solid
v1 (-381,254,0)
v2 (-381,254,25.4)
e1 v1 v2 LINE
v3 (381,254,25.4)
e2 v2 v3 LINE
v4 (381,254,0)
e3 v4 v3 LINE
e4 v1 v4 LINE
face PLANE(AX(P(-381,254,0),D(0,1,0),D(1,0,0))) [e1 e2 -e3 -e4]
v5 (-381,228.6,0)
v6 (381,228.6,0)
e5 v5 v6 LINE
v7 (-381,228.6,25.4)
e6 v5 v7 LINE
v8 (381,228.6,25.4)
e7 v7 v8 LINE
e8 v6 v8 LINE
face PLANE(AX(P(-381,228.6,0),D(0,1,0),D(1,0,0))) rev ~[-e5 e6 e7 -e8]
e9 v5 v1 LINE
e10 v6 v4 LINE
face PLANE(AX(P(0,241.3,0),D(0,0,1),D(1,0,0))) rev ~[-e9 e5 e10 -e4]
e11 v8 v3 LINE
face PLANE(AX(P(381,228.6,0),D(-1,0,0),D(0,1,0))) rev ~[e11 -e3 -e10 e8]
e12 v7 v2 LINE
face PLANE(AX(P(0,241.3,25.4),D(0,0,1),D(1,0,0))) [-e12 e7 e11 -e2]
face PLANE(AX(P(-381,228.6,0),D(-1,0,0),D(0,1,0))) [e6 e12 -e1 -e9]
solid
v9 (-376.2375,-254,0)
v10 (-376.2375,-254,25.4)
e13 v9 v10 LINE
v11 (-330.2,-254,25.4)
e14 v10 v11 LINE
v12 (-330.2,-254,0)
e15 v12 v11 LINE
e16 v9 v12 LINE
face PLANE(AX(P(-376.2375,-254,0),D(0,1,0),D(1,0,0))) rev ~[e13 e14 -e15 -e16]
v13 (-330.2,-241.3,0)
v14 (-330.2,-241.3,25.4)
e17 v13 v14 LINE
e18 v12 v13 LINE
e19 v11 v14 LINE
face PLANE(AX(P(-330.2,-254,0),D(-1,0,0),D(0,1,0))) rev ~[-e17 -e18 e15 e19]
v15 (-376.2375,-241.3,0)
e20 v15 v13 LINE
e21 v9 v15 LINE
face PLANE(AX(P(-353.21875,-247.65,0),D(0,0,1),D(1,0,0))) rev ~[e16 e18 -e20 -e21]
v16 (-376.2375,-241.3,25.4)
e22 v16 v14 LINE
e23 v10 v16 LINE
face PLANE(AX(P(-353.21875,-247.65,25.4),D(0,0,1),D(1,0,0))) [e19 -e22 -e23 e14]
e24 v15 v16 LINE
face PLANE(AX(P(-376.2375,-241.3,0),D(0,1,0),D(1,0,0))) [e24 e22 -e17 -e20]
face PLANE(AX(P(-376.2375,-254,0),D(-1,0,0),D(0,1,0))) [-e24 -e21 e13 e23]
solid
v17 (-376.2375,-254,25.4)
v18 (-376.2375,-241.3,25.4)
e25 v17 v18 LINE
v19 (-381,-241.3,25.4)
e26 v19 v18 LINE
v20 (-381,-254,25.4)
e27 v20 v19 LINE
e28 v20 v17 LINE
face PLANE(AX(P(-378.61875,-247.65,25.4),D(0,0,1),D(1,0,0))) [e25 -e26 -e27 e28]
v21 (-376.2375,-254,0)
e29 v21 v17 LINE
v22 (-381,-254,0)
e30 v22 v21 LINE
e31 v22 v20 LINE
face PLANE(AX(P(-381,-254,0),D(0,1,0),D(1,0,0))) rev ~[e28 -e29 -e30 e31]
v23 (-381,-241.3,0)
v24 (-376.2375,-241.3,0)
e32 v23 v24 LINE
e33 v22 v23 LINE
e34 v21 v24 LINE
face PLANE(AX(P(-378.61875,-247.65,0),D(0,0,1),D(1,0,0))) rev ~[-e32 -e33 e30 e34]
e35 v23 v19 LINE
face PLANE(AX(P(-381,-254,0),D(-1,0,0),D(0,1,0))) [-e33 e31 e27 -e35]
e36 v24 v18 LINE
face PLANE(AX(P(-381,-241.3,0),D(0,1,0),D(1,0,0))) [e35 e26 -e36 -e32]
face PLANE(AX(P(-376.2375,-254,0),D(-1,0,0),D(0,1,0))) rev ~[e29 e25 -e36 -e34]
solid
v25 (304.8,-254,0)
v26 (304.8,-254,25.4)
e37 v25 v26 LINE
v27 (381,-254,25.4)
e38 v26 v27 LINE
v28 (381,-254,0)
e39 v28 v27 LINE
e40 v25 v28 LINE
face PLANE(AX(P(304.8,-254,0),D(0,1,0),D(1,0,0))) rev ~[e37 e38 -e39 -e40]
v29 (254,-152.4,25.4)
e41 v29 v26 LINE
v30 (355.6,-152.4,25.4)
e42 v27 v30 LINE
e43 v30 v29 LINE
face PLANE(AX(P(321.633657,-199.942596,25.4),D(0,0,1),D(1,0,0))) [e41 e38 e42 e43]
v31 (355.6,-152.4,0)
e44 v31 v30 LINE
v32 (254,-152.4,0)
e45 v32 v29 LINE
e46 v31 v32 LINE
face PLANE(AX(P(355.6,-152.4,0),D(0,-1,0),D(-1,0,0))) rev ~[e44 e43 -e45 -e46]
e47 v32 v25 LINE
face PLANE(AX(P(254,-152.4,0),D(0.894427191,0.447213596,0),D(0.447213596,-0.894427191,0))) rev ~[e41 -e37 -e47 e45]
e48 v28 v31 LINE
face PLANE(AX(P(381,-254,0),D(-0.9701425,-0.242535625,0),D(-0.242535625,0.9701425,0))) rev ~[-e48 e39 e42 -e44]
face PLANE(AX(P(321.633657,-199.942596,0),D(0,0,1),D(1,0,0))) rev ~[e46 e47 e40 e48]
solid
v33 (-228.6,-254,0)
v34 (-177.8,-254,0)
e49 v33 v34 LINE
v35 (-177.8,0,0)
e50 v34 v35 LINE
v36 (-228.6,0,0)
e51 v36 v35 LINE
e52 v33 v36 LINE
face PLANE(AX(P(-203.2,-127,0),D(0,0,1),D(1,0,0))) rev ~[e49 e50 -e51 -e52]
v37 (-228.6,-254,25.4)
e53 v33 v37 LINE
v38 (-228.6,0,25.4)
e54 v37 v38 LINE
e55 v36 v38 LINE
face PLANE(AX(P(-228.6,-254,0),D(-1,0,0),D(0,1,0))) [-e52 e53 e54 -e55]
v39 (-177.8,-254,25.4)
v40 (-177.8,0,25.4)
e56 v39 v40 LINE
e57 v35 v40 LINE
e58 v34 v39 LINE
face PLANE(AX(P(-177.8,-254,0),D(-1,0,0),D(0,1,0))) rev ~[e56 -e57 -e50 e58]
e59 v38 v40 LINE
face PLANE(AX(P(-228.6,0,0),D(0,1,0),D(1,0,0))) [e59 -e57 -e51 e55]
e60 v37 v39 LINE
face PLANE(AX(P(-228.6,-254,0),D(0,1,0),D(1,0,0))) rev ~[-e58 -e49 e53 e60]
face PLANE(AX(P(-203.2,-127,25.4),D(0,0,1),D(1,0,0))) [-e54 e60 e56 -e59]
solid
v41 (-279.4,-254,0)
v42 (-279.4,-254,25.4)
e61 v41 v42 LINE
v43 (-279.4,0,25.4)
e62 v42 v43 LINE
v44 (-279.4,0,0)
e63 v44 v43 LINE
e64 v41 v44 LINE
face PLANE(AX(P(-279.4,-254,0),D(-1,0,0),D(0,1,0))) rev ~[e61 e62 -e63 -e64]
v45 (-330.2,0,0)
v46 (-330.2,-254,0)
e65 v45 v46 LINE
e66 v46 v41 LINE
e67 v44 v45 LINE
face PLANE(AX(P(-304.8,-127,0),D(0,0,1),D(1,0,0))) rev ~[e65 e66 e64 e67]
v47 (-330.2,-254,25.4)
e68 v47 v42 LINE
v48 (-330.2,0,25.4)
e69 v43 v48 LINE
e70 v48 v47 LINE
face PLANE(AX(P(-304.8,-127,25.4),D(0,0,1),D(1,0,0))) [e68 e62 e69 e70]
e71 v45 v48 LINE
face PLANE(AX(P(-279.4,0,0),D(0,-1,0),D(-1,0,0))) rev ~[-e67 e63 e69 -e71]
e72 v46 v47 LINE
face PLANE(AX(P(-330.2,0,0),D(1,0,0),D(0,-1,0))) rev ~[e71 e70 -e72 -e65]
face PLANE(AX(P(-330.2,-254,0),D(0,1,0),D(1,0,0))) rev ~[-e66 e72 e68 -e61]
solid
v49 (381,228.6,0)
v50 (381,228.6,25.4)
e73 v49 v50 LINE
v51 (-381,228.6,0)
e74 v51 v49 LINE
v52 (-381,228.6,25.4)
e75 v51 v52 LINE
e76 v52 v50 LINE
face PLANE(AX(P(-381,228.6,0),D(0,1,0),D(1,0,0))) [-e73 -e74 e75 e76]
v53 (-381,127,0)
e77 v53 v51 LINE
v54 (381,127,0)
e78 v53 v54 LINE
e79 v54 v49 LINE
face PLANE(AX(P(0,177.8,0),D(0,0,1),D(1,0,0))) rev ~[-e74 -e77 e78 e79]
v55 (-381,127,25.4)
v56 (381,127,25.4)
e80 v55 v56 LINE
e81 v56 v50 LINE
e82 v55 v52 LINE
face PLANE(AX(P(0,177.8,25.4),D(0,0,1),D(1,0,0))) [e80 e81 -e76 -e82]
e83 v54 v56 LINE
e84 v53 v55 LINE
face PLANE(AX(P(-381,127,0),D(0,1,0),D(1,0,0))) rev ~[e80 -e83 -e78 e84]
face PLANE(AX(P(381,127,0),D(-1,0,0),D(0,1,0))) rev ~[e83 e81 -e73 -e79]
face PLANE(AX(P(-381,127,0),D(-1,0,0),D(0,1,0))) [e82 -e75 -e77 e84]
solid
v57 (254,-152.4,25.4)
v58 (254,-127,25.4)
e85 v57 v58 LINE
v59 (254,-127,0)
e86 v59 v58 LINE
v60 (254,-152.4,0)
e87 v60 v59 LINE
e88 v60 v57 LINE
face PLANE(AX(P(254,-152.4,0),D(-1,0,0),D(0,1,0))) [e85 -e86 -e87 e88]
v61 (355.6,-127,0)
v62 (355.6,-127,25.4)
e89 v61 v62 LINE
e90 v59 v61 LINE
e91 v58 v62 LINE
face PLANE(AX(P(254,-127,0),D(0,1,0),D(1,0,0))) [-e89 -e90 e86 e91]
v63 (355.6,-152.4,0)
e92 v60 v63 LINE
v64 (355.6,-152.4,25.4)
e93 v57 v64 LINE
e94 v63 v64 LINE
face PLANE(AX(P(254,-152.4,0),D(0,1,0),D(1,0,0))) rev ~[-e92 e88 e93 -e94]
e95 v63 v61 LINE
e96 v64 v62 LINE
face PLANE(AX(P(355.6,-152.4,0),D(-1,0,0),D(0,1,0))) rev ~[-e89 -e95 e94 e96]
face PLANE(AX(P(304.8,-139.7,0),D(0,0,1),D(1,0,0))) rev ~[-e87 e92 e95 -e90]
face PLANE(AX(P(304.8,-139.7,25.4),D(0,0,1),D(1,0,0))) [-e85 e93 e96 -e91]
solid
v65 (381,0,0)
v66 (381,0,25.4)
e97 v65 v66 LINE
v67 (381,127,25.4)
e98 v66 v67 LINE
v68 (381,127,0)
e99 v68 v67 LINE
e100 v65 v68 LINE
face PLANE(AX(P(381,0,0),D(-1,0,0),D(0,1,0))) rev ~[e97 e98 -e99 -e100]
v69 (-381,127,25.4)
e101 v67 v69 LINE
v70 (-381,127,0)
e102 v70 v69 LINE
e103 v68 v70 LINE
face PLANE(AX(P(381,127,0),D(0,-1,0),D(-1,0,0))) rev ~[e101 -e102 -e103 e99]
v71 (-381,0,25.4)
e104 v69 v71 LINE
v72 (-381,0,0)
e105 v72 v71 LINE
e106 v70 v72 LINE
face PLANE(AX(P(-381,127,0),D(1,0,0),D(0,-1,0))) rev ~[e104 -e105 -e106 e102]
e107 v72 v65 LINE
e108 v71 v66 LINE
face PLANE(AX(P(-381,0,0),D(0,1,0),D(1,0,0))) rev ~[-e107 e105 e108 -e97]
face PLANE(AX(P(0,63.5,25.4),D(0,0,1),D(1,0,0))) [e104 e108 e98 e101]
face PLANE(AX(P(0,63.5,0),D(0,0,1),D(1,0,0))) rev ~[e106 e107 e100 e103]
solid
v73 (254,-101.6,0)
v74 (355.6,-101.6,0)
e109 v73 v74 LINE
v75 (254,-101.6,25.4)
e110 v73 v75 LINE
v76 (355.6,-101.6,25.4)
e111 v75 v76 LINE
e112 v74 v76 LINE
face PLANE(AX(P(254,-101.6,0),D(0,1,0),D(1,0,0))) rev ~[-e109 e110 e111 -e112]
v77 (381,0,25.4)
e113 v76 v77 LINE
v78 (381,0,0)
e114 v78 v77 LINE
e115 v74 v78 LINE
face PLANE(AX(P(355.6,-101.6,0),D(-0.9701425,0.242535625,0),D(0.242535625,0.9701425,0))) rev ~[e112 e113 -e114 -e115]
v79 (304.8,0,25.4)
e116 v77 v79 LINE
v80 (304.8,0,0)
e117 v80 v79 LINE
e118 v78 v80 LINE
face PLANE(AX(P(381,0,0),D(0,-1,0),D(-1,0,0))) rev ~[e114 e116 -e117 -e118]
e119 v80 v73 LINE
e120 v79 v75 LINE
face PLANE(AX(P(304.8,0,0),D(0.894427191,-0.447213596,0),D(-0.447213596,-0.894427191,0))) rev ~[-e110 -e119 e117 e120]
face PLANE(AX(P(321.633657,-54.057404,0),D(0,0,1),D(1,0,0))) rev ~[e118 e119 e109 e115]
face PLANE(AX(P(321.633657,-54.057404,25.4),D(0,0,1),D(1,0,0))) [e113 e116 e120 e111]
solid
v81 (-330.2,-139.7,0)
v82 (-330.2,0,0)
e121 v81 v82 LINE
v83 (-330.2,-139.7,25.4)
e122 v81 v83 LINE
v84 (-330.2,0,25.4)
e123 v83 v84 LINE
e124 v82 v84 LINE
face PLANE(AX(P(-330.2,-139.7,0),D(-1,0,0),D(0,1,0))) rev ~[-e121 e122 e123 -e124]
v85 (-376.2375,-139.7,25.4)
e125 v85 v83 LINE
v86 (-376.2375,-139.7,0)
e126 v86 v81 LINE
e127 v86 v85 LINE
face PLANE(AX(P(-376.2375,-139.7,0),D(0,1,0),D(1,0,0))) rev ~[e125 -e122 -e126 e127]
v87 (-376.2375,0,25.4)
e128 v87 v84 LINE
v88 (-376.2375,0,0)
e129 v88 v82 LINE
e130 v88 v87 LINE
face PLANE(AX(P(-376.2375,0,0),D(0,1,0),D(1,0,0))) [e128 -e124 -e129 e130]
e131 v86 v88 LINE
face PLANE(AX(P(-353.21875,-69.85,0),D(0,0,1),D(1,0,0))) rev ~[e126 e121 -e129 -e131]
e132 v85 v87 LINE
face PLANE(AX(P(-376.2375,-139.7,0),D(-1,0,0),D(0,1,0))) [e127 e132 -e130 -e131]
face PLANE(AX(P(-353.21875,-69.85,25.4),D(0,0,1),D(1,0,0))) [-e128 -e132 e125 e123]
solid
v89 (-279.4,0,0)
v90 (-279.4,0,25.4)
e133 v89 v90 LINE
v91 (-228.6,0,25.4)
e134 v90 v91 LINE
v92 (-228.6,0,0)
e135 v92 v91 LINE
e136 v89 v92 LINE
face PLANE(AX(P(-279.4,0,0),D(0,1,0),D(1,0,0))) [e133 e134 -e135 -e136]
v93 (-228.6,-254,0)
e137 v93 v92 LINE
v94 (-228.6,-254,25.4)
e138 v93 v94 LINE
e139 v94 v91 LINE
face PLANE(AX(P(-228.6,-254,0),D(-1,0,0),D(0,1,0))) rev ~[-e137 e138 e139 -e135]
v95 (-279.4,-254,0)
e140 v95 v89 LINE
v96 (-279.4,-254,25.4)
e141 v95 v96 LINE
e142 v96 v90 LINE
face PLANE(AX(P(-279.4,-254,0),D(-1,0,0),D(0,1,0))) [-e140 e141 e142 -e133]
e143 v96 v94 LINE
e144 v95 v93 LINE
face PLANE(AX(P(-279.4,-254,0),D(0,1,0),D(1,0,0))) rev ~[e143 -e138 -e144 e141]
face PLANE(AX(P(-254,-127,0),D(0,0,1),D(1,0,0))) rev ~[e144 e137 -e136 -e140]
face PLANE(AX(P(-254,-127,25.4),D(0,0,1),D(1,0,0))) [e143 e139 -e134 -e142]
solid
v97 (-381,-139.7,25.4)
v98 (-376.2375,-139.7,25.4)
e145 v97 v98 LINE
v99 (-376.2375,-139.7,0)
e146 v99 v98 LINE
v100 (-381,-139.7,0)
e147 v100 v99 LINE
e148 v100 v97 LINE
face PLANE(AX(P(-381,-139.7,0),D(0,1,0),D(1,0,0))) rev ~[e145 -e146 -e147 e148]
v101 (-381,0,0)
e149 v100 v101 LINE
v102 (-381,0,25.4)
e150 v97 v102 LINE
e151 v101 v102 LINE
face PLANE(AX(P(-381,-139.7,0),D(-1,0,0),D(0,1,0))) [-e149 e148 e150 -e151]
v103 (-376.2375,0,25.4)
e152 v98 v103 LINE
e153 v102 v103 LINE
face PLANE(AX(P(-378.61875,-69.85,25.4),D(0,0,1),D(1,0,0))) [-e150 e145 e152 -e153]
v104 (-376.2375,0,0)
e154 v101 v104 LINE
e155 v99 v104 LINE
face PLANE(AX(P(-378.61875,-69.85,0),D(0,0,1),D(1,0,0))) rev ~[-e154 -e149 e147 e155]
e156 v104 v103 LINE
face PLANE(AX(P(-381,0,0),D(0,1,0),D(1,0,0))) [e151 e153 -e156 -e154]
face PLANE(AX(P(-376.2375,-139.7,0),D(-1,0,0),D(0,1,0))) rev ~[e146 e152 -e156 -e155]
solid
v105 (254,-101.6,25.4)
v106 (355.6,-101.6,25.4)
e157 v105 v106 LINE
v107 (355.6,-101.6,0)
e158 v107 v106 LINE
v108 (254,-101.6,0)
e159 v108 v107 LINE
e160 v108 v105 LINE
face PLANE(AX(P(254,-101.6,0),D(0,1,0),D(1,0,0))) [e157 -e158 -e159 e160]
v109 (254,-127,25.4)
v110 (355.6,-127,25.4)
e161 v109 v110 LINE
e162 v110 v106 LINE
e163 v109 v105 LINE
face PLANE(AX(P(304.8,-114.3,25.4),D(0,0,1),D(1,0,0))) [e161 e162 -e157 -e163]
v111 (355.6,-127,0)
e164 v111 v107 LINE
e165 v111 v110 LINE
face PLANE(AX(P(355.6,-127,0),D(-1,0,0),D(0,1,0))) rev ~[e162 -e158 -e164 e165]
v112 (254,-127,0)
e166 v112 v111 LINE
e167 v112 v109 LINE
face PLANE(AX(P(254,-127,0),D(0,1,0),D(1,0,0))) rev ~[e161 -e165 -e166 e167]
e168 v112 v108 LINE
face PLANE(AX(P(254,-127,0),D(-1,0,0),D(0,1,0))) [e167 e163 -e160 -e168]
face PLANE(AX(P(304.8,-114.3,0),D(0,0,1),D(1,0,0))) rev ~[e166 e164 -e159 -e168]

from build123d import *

# Parameters (mm, degrees)
F0_W     = 762
F0_H     = 25.4
F0_W_2   = 101.6
F0_W_3   = 46.0375
F0_H_2   = 12.7
F1_DEPTH = 25.4
F0_H_3   = 101.6
F0_W_4   = 50.8
F0_H_4   = 254
F0_W_5   = 4.7625
F0_H_5   = 139.7
F2_DEPTH = 25.4
F3_DEPTH = 25.4


with BuildPart() as f1:
    # F0 (on Top) → F1 (new body)
    with BuildSketch(Plane.XY):
        Polygon((304.8, -254), (381, -254), (355.6, -152.4), (254, -152.4), align=None)
        with Locations((0, 241.3)):
            Rectangle(F0_W, F0_H)
        Polygon((381, 127), (-381, 127), (-381, 0), (-376.2375, 0), (-330.2, 0), (-279.4, 0), (-228.6, 0), (-177.8, 0), (304.8, 0), (381, 0), align=None)
        with Locations((304.8, -114.3)):
            Rectangle(F0_W_2, F0_H)
        with Locations((-353.21875, -247.65)):
            Rectangle(F0_W_3, F0_H_2)
    extrude(amount=F1_DEPTH)


with BuildPart() as f2:
    # F0 (on Top) → F2 (new body)
    with BuildSketch(Plane.XY):
        Polygon((355.6, -101.6), (381, 0), (304.8, 0), (254, -101.6), align=None)
        with Locations((0, 177.8)):
            Rectangle(F0_W, F0_H_3)
        with Locations((-203.2, -127)):
            Rectangle(F0_W_4, F0_H_4)
        Polygon((-279.4, 0), (-330.2, 0), (-330.2, -139.7), (-330.2, -241.3), (-330.2, -254), (-279.4, -254), align=None)
        with Locations((-378.61875, -69.85)):
            Rectangle(F0_W_5, F0_H_5)
        with Locations((-378.61875, -247.65)):
            Rectangle(F0_W_5, F0_H_2)
        with Locations((304.8, -139.7)):
            Rectangle(F0_W_2, F0_H)
    extrude(amount=F2_DEPTH)


with BuildPart() as f3:
    # F0 (on Top) → F3 (new body)
    with BuildSketch(Plane.XY):
        with Locations((-254, -127)):
            Rectangle(F0_W_4, F0_H_4)
        with Locations((-353.21875, -69.85)):
            Rectangle(F0_W_3, F0_H_5)
    extrude(amount=F3_DEPTH)


solid = Compound([f1.part, f2.part, f3.part])
